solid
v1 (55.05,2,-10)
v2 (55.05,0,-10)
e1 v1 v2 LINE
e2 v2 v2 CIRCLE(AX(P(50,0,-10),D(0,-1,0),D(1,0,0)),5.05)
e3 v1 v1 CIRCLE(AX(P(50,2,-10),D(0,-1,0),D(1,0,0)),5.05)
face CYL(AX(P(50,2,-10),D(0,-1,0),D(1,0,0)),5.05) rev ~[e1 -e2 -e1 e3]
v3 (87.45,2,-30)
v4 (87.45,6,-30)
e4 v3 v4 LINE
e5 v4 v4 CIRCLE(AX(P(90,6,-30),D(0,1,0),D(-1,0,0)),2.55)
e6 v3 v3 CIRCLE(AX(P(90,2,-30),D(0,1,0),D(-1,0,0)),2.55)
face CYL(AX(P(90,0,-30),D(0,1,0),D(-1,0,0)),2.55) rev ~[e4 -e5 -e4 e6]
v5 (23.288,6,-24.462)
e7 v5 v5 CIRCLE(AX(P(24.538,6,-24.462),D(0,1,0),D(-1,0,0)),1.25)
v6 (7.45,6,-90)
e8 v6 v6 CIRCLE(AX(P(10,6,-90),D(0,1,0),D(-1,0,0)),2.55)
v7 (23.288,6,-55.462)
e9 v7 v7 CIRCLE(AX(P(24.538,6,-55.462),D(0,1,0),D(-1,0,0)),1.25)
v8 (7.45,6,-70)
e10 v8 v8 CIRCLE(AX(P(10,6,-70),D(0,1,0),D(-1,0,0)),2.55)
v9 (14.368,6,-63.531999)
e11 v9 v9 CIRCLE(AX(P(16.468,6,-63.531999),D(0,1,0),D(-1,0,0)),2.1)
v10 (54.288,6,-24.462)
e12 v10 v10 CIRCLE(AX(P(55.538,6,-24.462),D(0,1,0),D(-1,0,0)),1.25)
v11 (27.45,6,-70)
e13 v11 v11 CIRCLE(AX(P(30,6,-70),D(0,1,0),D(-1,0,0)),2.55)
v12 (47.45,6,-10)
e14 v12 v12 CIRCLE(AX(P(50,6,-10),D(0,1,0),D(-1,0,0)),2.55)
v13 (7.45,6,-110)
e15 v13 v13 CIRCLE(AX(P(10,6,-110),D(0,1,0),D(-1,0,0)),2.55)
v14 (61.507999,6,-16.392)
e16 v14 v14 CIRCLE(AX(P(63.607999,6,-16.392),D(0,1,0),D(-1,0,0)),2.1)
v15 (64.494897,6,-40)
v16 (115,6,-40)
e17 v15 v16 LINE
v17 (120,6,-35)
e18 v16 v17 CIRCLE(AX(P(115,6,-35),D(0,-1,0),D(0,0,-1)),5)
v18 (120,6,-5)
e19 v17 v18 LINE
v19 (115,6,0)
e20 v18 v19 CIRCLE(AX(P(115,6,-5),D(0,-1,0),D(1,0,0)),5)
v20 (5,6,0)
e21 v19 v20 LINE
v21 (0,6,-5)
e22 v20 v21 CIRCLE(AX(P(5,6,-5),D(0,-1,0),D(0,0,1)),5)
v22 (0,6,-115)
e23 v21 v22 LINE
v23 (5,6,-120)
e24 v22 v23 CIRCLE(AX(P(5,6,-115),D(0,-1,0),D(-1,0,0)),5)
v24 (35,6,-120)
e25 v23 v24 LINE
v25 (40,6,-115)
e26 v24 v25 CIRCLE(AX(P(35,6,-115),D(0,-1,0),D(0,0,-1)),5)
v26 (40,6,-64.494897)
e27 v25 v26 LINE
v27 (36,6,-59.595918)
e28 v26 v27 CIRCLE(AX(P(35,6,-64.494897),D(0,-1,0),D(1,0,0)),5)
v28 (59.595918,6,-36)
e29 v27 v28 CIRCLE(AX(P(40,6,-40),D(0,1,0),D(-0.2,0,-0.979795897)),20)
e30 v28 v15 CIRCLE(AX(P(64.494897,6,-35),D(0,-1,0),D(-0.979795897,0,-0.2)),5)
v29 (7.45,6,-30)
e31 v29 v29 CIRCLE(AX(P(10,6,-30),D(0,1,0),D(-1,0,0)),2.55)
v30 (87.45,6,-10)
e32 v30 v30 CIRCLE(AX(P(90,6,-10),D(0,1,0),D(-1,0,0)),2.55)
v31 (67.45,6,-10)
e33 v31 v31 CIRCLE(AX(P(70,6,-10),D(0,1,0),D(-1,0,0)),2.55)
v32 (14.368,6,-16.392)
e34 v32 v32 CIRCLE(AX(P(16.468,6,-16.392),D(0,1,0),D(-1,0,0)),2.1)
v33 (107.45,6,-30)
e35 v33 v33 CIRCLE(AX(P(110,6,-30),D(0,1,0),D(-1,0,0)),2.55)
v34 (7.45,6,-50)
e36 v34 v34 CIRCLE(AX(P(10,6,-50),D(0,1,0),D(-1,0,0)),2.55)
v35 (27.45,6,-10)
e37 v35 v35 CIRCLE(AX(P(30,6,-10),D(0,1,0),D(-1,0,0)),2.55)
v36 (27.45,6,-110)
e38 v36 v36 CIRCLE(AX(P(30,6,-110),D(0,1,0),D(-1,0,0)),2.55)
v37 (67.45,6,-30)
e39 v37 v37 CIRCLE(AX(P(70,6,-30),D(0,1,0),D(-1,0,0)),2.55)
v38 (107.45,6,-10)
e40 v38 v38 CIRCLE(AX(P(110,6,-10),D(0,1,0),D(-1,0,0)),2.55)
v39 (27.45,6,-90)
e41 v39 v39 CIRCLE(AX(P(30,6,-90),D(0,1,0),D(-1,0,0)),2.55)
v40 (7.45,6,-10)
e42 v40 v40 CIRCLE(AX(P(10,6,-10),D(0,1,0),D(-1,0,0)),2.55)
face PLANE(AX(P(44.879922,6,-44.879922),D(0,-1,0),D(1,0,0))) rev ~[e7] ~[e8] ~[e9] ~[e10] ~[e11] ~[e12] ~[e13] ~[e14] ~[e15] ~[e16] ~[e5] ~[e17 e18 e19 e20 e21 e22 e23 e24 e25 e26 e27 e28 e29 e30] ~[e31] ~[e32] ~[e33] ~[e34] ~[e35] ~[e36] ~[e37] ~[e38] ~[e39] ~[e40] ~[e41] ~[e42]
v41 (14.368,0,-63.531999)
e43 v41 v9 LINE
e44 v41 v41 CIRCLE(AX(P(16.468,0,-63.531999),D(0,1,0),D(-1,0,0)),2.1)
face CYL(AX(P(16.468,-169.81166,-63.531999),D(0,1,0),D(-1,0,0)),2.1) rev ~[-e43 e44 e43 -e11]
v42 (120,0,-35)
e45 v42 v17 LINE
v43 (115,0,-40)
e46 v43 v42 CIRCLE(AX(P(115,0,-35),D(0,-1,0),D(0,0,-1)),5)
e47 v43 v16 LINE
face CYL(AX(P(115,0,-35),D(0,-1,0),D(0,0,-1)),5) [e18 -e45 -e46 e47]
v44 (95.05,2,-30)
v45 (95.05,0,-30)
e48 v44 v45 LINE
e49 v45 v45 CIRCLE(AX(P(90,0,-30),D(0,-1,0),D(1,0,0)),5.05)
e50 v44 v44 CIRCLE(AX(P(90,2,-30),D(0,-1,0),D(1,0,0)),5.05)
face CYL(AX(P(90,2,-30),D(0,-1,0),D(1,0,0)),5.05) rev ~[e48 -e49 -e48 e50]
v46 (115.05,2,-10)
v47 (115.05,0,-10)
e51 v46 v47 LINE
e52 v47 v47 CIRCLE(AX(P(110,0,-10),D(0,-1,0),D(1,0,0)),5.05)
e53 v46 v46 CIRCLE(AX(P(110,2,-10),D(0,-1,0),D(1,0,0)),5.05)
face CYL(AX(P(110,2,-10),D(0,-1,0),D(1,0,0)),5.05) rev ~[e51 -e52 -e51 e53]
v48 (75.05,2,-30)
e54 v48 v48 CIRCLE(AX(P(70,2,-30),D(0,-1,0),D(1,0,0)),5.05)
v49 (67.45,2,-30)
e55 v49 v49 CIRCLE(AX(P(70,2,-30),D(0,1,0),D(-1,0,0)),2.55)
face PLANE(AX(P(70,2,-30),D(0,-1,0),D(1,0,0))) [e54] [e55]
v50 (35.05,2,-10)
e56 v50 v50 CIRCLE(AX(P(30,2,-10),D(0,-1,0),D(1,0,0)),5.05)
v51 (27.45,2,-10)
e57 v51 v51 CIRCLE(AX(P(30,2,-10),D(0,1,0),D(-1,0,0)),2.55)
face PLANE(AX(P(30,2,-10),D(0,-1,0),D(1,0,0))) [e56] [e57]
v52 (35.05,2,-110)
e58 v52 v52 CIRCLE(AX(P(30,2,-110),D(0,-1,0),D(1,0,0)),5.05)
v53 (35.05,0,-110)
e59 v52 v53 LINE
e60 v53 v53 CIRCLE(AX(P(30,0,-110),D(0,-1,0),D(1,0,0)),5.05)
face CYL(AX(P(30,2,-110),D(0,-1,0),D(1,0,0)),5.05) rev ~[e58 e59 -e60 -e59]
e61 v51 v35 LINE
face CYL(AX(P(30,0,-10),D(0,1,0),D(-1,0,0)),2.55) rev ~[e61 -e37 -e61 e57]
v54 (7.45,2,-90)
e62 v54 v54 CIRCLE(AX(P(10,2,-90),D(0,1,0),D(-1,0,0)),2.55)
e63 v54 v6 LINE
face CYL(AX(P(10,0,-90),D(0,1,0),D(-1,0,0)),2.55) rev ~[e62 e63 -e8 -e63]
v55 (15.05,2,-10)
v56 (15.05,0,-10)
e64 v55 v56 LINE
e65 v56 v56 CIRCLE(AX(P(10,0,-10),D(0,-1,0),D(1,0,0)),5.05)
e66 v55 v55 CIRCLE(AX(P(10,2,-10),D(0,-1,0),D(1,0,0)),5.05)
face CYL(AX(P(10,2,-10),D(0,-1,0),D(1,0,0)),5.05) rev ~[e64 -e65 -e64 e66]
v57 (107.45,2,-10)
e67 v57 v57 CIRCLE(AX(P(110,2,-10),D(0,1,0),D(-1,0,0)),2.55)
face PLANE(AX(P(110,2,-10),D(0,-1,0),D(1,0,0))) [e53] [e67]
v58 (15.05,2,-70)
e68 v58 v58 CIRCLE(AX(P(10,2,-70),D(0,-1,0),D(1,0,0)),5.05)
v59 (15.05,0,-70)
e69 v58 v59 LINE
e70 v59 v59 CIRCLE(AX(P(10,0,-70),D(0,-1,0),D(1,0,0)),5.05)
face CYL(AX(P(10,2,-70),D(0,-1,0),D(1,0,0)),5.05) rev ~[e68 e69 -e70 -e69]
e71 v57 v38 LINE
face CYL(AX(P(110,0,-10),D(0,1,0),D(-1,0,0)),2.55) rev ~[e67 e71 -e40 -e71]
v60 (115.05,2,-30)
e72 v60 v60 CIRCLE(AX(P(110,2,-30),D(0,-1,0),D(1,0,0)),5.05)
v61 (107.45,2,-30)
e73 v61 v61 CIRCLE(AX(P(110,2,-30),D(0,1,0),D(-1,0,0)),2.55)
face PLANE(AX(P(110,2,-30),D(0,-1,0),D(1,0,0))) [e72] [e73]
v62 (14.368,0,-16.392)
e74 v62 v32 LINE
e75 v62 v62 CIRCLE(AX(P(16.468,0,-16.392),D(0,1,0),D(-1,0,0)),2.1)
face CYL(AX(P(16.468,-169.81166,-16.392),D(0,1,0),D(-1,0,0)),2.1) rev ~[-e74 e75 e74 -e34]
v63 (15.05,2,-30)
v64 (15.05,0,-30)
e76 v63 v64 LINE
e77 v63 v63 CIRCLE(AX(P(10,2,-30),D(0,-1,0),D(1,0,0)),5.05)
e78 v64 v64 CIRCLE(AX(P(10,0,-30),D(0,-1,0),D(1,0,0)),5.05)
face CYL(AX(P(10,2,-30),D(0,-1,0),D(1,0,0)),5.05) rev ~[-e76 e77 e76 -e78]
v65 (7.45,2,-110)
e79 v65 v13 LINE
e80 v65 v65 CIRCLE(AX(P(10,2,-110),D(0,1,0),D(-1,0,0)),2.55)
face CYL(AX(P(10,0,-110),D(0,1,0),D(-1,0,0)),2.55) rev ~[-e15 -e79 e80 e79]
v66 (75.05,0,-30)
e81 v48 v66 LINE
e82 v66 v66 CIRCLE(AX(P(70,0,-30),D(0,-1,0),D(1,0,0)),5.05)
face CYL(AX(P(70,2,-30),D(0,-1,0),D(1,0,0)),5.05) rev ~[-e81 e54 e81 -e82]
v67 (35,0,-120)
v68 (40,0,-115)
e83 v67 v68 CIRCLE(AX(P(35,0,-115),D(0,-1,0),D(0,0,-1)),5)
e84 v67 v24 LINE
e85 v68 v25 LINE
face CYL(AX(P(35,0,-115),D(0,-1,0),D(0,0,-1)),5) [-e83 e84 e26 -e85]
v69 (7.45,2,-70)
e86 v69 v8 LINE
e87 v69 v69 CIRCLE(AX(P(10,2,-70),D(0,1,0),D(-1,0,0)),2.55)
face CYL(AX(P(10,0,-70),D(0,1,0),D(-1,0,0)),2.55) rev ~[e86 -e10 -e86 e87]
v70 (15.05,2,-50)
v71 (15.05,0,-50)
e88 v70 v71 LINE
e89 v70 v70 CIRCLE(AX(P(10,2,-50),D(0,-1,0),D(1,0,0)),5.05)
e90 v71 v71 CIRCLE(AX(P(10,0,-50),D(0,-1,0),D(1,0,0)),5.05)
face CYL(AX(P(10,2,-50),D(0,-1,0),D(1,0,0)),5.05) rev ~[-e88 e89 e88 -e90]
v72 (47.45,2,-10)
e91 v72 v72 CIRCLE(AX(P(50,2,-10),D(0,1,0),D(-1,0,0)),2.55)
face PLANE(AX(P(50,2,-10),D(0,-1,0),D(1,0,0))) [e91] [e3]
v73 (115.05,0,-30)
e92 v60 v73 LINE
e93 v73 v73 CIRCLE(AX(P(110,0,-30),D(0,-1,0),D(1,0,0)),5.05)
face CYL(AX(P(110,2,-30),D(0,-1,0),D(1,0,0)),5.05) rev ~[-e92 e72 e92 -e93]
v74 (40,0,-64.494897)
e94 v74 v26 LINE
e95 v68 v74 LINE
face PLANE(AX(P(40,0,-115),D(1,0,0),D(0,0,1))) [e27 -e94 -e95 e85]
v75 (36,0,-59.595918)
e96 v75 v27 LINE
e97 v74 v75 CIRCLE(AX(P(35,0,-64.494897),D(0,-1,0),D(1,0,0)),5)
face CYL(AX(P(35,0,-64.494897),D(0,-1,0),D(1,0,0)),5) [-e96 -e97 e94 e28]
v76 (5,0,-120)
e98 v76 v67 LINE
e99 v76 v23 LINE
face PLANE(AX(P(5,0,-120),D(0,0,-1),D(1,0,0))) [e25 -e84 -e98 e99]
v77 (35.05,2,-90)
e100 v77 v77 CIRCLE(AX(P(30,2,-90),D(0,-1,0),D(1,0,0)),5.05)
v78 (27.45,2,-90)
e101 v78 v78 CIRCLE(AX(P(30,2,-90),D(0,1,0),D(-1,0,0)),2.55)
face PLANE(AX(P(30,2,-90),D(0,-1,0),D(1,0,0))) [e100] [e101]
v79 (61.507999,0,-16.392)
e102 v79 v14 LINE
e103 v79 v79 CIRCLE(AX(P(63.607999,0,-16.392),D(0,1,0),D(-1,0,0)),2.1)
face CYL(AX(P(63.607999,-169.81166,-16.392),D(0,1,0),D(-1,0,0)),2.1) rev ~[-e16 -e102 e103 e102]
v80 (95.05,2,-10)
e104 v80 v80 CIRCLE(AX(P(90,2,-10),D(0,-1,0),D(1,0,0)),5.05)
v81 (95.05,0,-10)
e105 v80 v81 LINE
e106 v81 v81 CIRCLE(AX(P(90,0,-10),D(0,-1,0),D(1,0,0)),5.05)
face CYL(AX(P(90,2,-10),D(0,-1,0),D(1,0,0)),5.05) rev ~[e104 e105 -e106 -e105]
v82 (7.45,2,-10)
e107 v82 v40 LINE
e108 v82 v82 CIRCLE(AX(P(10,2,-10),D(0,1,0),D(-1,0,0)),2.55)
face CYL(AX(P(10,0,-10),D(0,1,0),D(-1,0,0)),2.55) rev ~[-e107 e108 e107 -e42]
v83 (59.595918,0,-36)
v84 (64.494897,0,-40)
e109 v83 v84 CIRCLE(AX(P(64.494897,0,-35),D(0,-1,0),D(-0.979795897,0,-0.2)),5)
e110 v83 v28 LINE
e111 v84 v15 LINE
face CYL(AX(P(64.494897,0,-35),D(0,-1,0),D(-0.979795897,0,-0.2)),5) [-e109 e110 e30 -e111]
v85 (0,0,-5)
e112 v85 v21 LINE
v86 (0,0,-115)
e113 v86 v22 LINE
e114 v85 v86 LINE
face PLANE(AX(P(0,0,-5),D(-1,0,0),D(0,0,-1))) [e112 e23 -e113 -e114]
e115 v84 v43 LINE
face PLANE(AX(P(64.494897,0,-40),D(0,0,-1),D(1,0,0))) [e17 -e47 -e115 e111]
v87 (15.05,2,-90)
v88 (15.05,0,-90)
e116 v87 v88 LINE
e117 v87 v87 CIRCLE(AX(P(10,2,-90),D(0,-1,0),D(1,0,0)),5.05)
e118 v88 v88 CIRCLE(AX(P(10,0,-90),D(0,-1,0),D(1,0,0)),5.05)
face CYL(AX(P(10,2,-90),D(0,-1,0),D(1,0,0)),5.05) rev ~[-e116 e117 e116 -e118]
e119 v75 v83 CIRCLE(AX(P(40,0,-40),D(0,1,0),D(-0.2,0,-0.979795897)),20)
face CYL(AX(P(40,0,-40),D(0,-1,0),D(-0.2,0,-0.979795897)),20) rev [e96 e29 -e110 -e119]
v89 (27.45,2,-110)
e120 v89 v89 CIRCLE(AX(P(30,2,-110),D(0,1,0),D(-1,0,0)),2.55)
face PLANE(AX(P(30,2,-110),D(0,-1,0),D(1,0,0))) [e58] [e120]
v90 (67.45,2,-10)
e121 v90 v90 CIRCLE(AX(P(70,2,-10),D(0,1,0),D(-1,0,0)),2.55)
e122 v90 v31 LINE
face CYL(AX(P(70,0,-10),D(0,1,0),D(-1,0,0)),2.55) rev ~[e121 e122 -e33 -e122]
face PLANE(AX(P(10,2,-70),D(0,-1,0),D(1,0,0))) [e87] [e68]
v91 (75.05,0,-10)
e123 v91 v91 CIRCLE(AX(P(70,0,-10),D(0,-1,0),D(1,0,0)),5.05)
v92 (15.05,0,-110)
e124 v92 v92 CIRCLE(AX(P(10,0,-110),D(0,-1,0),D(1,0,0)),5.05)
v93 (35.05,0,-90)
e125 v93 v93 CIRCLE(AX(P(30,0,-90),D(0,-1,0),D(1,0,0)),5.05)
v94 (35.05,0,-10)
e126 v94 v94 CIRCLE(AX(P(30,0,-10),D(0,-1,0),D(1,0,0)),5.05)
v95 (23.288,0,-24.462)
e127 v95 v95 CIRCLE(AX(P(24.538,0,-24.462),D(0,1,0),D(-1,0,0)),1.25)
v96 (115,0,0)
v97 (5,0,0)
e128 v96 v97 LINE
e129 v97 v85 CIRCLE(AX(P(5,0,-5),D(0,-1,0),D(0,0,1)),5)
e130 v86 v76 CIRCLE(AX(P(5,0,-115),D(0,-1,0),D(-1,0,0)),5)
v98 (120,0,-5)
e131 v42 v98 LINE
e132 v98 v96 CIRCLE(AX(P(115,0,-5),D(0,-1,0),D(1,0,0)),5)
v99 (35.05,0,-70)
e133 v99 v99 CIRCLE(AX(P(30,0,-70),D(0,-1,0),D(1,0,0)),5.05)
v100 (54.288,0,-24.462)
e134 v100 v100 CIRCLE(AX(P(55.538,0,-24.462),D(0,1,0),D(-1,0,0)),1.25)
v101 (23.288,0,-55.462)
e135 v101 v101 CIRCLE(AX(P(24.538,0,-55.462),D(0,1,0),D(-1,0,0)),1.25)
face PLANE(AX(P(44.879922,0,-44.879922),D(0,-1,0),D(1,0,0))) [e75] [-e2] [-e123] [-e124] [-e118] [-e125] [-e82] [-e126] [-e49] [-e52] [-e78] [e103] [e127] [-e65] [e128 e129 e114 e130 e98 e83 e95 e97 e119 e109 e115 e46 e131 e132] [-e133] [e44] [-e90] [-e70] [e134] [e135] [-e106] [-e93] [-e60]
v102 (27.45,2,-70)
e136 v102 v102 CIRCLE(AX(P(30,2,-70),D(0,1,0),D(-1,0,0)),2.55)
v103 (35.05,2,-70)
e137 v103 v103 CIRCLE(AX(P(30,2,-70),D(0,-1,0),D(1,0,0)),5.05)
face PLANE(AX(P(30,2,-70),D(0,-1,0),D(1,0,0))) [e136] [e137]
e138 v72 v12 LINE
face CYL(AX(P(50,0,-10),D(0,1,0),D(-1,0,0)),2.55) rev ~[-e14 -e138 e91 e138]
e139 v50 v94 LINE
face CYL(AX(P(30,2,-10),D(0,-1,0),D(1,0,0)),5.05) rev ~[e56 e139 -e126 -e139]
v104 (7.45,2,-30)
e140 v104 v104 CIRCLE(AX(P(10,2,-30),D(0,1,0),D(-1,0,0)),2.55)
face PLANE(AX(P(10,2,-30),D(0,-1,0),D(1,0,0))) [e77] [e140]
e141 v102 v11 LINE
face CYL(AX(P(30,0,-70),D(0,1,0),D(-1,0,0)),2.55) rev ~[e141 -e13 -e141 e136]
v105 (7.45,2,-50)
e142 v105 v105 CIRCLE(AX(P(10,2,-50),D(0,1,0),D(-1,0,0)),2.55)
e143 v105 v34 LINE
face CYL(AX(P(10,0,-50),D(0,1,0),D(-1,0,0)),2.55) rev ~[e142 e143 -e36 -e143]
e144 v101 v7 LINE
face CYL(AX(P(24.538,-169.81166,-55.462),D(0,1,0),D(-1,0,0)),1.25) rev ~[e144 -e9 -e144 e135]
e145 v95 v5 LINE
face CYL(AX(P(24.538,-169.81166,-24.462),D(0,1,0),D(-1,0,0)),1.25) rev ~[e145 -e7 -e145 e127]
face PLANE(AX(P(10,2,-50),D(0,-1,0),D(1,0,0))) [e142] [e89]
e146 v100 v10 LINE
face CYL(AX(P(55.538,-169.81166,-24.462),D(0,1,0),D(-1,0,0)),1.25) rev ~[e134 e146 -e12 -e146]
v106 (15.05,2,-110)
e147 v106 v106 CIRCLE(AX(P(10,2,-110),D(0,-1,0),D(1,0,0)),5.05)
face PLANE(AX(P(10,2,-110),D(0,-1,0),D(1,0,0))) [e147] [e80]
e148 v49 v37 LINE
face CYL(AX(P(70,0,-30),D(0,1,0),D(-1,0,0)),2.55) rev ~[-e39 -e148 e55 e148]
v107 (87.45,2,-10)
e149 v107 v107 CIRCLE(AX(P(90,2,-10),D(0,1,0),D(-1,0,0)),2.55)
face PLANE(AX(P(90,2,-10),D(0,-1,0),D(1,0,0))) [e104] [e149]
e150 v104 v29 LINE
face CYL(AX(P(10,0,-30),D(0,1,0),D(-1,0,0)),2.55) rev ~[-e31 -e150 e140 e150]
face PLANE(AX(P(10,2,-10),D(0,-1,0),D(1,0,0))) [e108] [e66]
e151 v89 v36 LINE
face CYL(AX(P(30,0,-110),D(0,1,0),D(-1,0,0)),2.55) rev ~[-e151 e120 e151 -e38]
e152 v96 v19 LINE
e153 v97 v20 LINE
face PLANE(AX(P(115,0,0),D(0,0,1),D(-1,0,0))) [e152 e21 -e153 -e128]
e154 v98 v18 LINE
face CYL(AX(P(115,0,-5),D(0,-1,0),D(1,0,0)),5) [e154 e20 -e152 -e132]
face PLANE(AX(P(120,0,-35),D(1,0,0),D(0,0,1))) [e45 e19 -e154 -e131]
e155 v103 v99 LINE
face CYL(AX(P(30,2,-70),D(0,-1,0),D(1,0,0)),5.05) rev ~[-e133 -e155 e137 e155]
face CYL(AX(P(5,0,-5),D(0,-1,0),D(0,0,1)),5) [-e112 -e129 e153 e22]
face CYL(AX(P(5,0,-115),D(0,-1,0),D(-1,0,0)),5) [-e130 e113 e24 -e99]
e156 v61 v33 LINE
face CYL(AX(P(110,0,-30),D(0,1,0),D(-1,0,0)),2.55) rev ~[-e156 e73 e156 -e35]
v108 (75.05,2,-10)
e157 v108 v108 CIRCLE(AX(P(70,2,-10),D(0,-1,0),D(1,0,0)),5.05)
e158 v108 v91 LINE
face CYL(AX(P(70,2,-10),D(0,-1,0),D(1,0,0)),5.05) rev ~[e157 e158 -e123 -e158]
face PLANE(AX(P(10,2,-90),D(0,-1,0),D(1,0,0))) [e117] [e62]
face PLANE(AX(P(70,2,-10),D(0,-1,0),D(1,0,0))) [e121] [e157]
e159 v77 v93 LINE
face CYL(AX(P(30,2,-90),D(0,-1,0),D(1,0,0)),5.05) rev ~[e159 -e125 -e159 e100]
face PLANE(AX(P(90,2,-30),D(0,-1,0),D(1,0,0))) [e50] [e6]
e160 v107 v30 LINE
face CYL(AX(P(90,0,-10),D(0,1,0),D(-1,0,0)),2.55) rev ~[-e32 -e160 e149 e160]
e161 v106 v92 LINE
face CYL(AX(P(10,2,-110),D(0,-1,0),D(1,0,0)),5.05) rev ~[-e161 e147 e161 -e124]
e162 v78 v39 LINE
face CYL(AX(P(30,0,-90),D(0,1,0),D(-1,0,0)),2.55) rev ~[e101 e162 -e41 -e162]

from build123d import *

# Parameters (mm, degrees)
F1_DEPTH       = 6
F2_D           = 5.1
F2_CBORE_D     = 10.1
F2_CBORE_DEPTH = 2
F3_D           = 4.2
F4_D           = 2.5


with BuildPart() as f1:
    # F0 (on Front) → F1 (new body)
    with BuildSketch(Plane.XZ):
        with BuildLine():
            Line((115, 0), (5, 0))
            ThreePointArc((5, 0), (1.4644660941, -1.4644660941), (0, -5))
            Line((0, -5), (0, -115))
            ThreePointArc((0, -115), (1.4644660941, -118.5355339059), (5, -120))
            Line((5, -120), (35, -120))
            ThreePointArc((35, -120), (38.5355339059, -118.5355339059), (40, -115))
            Line((40, -115), (40, -64.4948974278))
            ThreePointArc((40, -64.4948974278), (38.8729833462, -61.3326197677), (36, -59.5959179423))
            ThreePointArc((36, -59.5959179423), (25.8578643763, -25.8578643763), (59.5959179423, -36))
            ThreePointArc((59.5959179423, -36), (61.3326197677, -38.8729833462), (64.4948974278, -40))
            Line((64.4948974278, -40), (115, -40))
            ThreePointArc((115, -40), (118.5355339059, -38.5355339059), (120, -35))
            Line((120, -35), (120, -5))
            ThreePointArc((120, -5), (118.5355339059, -1.4644660941), (115, 0))
        make_face()
    extrude(amount=-F1_DEPTH)

    # F2 (through all)
    with Locations(Plane.XZ):
        with Locations((10, -110), (30, -110), (30, -90), (10, -90), (10, -70), (30, -70), (10, -50), (10, -30), (10, -10), (30, -10), (50, -10), (70, -10), (70, -30), (90, -30), (90, -10), (110, -10), (110, -30)):
            CounterBoreHole(F2_D / 2, F2_CBORE_D / 2, F2_CBORE_DEPTH)

    # F3 (through all)
    with Locations(Plane.XZ):
        with Locations((16.468, -16.392), (63.6079993896, -16.392), (16.468, -63.5319993896)):
            Hole(F3_D / 2)

    # F4 (through all)
    with Locations(Plane.XZ):
        with Locations((24.538, -24.462), (55.538, -24.462), (24.538, -55.462)):
            Hole(F4_D / 2)


solid = f1.part
